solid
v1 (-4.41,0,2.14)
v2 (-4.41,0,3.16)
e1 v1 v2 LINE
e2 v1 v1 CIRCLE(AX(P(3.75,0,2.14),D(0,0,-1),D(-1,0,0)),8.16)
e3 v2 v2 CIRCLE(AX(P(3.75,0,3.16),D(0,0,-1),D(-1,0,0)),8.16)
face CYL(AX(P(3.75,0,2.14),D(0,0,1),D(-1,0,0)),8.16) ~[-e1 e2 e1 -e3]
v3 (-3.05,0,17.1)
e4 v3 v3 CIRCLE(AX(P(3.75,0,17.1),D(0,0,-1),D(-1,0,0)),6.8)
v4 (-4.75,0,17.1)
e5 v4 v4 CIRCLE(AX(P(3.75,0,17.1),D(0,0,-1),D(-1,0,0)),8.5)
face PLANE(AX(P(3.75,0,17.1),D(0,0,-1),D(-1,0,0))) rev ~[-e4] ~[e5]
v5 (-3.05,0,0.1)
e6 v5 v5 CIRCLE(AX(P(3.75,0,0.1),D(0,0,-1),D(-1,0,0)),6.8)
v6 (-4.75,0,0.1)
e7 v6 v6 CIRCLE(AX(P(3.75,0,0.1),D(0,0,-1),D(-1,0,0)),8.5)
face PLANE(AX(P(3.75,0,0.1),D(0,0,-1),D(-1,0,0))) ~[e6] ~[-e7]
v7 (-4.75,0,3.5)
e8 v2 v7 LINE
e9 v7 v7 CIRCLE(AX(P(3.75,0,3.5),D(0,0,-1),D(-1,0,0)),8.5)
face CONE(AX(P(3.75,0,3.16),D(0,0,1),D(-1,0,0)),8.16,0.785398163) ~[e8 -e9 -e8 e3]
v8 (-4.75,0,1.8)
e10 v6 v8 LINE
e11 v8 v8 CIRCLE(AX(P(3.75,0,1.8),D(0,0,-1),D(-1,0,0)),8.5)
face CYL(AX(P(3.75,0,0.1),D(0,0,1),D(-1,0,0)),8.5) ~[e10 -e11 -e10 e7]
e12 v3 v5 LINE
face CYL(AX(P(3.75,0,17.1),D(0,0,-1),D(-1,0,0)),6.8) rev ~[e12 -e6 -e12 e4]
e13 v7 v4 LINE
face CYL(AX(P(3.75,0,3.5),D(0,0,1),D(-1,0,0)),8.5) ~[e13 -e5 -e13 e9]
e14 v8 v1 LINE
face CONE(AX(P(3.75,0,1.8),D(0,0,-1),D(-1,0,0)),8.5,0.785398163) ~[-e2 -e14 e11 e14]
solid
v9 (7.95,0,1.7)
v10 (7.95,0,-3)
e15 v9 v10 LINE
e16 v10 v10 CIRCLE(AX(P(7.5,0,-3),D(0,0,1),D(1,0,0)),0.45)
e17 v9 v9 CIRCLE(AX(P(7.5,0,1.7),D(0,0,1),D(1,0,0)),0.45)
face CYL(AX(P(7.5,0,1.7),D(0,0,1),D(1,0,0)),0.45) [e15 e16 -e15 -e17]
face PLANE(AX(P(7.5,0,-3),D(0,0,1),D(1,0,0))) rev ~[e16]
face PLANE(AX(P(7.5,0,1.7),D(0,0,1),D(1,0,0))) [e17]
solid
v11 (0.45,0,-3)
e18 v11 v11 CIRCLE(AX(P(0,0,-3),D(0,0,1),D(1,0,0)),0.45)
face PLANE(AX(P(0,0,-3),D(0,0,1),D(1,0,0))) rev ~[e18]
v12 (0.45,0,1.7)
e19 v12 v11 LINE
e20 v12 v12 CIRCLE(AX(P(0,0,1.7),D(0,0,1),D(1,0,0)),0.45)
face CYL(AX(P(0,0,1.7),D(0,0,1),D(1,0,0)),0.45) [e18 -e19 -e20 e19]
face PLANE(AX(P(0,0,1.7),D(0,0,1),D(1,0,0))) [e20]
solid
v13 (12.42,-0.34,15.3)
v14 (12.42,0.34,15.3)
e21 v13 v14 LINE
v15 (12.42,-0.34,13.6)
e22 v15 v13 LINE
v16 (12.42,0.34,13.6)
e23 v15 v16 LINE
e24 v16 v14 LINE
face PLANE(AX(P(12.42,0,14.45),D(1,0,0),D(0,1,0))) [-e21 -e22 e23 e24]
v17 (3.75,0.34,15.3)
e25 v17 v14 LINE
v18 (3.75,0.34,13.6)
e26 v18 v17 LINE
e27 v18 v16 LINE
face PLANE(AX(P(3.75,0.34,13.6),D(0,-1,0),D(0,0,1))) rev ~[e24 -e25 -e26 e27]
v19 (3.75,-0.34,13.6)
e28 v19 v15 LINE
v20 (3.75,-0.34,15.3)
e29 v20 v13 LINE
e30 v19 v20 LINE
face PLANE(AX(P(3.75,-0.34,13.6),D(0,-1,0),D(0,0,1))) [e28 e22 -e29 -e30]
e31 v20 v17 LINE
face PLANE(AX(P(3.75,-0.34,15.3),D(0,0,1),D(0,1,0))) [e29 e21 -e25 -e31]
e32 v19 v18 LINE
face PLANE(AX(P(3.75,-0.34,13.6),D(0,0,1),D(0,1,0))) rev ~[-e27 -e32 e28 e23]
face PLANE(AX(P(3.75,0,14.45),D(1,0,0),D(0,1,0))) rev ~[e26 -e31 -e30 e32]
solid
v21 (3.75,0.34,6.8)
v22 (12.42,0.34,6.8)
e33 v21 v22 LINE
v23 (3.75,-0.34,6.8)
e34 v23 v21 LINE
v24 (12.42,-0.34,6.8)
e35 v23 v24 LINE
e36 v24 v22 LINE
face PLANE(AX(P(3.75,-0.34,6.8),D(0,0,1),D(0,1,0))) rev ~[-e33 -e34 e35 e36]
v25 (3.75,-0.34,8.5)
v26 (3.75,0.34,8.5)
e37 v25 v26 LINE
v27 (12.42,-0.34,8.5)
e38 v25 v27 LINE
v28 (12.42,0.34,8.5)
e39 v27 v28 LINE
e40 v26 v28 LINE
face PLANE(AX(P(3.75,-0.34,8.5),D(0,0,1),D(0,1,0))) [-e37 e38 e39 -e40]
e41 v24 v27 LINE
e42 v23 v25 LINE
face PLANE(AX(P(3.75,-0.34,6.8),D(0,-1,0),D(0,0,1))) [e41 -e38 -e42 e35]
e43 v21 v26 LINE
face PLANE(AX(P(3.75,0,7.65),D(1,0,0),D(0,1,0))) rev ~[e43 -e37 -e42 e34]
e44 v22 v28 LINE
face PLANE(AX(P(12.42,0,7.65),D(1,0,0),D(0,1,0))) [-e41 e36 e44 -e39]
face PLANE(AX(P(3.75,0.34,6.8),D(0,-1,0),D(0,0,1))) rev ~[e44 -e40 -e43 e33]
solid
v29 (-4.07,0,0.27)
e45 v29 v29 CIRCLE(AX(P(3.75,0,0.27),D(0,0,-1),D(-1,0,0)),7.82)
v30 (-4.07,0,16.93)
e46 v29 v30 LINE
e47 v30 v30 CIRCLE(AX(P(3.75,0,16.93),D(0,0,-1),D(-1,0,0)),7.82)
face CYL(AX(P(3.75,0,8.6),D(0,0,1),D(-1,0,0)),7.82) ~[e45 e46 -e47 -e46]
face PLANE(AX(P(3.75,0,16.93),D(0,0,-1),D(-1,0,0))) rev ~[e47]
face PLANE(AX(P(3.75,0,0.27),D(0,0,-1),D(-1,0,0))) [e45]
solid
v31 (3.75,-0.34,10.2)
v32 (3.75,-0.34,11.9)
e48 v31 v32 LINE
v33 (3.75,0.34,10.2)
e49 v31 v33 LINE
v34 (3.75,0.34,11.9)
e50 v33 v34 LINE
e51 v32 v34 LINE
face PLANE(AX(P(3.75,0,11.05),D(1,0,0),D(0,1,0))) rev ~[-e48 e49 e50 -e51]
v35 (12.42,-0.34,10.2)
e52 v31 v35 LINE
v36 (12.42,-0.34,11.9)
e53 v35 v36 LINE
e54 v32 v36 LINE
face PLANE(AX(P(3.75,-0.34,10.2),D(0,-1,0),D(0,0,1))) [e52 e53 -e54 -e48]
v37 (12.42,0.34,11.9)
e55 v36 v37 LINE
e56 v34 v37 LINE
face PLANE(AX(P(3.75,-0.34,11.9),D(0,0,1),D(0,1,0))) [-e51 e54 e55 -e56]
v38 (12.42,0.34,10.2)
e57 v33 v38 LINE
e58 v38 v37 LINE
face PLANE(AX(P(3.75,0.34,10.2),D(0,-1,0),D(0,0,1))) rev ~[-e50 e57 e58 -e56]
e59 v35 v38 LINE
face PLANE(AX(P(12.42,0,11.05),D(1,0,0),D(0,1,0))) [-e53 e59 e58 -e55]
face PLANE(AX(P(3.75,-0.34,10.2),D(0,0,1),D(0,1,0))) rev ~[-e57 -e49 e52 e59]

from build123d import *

# Parameters (mm, degrees)
SKETCH002_W  = 7.82
SKETCH002_H  = 16.66
SKETCH003_R  = 0.45
PAD_DEPTH    = 4.7
SKETCH004_W  = 0.68
SKETCH004_H  = 1.7
PAD001_DEPTH = 8.67


with BuildPart() as revolution:
    # Sketch → Revolution (revolve)
    with BuildSketch(Plane.XZ):
        Polygon((-4.75, 0.1), (-4.75, 1.8), (-4.41, 2.14), (-4.41, 3.16), (-4.75, 3.5), (-4.75, 17.1), (-3.05, 17.1), (-3.05, 0.1), align=None)
    revolve(axis=Axis((3.75, 0, 7.548619), (0, 0, -1)))


with BuildPart() as revolution001:
    # Sketch002 → Revolution001 (revolve)
    with BuildSketch(Plane.XZ):
        with Locations((-0.16, 8.6)):
            Rectangle(SKETCH002_W, SKETCH002_H)
    revolve(axis=Axis((3.75, 0, 4.680116), (0, 0, -1)))


with BuildPart() as pad:
    # Sketch003 → Pad (new body)
    with BuildSketch(Plane.XY.offset(1.7)):
        Circle(SKETCH003_R)
        with Locations((7.5, 0)):
            Circle(SKETCH003_R)
    extrude(amount=-PAD_DEPTH)


with BuildPart() as pad001:
    # Sketch004 → Pad001 (new body)
    with BuildSketch(Plane.YZ.offset(3.75)):
        with Locations((0, 7.65)):
            Rectangle(SKETCH004_W, SKETCH004_H)
        with Locations((0, 11.05)):
            Rectangle(SKETCH004_W, SKETCH004_H)
        with Locations((0, 14.45)):
            Rectangle(SKETCH004_W, SKETCH004_H)
    extrude(amount=PAD001_DEPTH)


solid = Compound([revolution.part, revolution001.part, pad.part, pad001.part])
